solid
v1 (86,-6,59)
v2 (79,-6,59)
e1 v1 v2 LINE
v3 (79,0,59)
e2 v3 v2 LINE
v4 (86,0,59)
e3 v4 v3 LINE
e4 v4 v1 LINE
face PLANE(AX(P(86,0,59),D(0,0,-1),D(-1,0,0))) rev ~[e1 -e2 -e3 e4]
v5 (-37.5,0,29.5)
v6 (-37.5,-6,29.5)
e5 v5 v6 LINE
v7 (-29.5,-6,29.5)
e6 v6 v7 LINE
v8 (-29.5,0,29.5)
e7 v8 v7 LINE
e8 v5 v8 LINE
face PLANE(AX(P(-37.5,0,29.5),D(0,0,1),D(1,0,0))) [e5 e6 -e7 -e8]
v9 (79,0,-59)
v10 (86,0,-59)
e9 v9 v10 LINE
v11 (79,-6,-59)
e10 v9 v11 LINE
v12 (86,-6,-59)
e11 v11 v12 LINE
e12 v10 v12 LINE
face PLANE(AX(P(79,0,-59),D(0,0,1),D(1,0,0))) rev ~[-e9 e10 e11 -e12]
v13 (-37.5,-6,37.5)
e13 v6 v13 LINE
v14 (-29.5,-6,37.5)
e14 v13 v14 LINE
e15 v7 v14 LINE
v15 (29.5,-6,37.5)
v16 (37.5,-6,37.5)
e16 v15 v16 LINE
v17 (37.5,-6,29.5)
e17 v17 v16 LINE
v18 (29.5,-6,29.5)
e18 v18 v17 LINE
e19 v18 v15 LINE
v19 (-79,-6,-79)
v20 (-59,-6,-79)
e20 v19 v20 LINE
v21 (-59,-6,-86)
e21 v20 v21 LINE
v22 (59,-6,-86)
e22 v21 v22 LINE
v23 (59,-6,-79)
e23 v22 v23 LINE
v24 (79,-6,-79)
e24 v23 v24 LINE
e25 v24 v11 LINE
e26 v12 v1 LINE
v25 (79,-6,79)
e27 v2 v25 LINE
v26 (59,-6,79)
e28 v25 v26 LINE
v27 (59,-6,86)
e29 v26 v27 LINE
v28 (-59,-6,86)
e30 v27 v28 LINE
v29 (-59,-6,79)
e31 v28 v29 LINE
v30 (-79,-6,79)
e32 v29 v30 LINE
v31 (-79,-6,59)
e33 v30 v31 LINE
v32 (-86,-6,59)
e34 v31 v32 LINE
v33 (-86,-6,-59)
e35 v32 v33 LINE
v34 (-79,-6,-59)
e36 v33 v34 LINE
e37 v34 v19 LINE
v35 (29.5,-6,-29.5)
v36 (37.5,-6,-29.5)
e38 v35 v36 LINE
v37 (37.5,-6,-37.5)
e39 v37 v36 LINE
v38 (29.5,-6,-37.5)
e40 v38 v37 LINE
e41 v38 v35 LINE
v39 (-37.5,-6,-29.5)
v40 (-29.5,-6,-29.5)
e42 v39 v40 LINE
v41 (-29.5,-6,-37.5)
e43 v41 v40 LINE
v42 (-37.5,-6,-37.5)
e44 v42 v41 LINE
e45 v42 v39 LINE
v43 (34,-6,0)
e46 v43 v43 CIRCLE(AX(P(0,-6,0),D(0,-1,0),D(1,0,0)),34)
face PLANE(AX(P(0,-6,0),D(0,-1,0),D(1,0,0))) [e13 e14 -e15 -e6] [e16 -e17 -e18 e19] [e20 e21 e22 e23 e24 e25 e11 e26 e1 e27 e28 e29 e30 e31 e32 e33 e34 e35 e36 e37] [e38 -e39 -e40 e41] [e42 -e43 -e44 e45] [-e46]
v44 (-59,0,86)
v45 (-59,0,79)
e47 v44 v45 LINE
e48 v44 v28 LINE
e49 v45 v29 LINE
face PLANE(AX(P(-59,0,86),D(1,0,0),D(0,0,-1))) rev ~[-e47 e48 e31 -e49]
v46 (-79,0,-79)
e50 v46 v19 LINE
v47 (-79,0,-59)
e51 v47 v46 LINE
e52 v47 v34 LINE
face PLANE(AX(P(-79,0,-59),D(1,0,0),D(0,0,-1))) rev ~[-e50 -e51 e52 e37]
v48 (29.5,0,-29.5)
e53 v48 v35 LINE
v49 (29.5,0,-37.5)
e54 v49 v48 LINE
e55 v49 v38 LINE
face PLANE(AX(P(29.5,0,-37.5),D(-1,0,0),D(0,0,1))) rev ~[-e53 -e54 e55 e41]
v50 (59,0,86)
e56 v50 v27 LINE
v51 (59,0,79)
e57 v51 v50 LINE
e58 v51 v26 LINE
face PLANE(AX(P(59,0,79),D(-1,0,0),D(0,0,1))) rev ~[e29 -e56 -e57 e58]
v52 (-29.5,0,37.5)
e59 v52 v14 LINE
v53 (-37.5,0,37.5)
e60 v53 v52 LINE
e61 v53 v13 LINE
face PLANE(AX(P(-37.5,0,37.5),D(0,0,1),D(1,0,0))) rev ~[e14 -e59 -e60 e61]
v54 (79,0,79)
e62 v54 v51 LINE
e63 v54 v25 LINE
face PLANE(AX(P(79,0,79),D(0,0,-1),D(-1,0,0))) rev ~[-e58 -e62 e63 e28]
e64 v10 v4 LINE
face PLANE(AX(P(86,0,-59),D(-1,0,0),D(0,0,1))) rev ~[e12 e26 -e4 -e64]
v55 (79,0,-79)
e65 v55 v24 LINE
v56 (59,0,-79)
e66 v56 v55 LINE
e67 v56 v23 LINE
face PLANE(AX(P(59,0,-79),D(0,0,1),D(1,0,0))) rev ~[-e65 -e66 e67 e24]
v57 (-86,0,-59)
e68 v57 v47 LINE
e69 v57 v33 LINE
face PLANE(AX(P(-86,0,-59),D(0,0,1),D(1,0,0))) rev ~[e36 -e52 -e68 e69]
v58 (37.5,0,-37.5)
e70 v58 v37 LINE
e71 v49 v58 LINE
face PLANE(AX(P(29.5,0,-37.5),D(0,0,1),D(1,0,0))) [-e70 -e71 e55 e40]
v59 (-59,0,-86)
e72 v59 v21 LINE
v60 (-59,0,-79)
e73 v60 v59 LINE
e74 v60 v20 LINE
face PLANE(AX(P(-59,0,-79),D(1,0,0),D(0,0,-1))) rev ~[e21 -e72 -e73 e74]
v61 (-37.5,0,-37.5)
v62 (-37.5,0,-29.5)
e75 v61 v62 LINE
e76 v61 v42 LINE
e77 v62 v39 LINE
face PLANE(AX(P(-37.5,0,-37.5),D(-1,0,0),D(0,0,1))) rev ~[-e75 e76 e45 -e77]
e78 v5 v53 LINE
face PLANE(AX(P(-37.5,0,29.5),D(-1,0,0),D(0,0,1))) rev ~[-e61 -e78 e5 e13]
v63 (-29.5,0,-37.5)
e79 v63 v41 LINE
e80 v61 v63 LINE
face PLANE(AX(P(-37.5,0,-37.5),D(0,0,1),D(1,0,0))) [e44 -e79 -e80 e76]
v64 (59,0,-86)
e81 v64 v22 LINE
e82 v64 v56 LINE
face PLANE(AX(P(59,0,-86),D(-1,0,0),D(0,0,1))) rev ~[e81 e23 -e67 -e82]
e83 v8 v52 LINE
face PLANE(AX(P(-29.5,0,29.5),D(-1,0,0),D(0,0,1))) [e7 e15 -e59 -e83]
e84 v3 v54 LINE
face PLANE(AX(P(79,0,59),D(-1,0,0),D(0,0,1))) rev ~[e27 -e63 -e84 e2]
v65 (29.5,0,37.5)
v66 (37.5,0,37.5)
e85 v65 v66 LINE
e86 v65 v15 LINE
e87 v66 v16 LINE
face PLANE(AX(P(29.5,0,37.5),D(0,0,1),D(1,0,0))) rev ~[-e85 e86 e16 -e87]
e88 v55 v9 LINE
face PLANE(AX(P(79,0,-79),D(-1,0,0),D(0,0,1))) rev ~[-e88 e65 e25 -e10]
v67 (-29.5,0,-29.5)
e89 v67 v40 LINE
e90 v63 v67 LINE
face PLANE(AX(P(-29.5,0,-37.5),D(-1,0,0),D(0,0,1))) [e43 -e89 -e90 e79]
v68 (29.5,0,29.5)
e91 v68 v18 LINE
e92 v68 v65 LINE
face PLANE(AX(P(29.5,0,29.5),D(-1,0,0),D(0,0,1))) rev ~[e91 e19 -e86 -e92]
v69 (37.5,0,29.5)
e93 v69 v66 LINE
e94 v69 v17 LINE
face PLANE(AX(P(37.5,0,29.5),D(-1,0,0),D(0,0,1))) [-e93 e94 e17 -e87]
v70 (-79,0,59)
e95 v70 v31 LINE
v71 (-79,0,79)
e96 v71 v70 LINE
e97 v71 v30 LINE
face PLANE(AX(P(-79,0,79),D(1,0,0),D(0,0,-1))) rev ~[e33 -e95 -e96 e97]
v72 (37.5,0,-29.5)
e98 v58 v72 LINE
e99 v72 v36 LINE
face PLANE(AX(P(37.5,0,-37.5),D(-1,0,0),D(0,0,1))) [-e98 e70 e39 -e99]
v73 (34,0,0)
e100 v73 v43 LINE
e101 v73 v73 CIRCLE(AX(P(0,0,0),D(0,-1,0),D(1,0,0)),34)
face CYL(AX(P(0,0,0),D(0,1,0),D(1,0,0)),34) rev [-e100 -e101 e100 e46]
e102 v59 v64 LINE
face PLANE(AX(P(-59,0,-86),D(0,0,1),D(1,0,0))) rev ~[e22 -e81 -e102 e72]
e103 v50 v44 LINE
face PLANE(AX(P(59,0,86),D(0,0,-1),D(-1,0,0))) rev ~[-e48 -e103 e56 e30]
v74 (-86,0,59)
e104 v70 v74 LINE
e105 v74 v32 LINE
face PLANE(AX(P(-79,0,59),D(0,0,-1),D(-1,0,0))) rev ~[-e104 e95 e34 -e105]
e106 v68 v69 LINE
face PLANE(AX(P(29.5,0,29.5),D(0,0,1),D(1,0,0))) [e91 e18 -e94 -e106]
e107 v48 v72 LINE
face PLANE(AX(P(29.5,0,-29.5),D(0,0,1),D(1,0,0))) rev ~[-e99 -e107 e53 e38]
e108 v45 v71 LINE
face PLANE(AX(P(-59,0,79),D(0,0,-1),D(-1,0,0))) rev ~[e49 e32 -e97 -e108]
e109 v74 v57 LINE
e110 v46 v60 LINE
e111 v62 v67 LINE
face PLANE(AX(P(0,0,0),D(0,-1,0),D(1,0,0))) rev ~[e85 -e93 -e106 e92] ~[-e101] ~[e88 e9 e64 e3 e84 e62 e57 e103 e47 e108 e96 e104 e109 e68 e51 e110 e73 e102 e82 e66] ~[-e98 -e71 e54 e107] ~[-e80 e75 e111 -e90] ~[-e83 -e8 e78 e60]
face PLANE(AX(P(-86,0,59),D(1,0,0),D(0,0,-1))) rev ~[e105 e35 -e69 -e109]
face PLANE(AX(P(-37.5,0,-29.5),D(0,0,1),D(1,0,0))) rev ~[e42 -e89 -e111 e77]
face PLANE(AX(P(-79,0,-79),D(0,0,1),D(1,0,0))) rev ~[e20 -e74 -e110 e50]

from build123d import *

# Parameters (mm, degrees)
F0_W     = 8
F0_H     = 8
F0_R     = 34
F1_DEPTH = 6


with BuildPart() as f1:
    # F0 (on Front) → F1 (new body)
    with BuildSketch(Plane.XZ):
        Polygon((59, 79), (59, 86), (-59, 86), (-59, 79), (-79, 79), (-79, 59), (-86, 59), (-86, -59), (-79, -59), (-79, -79), (-59, -79), (-59, -86), (59, -86), (59, -79), (79, -79), (79, -59), (86, -59), (86, 59), (79, 59), (79, 79), align=None)
        with Locations((-33.5, -33.5)):
            Rectangle(F0_W, F0_H, mode=Mode.SUBTRACT)
        with Locations((33.5, -33.5)):
            Rectangle(F0_W, F0_H, mode=Mode.SUBTRACT)
        with Locations((-33.5, 33.5)):
            Rectangle(F0_W, F0_H, mode=Mode.SUBTRACT)
        Circle(F0_R, mode=Mode.SUBTRACT)
        with Locations((33.5, 33.5)):
            Rectangle(F0_W, F0_H, mode=Mode.SUBTRACT)
    extrude(amount=F1_DEPTH)


solid = f1.part
